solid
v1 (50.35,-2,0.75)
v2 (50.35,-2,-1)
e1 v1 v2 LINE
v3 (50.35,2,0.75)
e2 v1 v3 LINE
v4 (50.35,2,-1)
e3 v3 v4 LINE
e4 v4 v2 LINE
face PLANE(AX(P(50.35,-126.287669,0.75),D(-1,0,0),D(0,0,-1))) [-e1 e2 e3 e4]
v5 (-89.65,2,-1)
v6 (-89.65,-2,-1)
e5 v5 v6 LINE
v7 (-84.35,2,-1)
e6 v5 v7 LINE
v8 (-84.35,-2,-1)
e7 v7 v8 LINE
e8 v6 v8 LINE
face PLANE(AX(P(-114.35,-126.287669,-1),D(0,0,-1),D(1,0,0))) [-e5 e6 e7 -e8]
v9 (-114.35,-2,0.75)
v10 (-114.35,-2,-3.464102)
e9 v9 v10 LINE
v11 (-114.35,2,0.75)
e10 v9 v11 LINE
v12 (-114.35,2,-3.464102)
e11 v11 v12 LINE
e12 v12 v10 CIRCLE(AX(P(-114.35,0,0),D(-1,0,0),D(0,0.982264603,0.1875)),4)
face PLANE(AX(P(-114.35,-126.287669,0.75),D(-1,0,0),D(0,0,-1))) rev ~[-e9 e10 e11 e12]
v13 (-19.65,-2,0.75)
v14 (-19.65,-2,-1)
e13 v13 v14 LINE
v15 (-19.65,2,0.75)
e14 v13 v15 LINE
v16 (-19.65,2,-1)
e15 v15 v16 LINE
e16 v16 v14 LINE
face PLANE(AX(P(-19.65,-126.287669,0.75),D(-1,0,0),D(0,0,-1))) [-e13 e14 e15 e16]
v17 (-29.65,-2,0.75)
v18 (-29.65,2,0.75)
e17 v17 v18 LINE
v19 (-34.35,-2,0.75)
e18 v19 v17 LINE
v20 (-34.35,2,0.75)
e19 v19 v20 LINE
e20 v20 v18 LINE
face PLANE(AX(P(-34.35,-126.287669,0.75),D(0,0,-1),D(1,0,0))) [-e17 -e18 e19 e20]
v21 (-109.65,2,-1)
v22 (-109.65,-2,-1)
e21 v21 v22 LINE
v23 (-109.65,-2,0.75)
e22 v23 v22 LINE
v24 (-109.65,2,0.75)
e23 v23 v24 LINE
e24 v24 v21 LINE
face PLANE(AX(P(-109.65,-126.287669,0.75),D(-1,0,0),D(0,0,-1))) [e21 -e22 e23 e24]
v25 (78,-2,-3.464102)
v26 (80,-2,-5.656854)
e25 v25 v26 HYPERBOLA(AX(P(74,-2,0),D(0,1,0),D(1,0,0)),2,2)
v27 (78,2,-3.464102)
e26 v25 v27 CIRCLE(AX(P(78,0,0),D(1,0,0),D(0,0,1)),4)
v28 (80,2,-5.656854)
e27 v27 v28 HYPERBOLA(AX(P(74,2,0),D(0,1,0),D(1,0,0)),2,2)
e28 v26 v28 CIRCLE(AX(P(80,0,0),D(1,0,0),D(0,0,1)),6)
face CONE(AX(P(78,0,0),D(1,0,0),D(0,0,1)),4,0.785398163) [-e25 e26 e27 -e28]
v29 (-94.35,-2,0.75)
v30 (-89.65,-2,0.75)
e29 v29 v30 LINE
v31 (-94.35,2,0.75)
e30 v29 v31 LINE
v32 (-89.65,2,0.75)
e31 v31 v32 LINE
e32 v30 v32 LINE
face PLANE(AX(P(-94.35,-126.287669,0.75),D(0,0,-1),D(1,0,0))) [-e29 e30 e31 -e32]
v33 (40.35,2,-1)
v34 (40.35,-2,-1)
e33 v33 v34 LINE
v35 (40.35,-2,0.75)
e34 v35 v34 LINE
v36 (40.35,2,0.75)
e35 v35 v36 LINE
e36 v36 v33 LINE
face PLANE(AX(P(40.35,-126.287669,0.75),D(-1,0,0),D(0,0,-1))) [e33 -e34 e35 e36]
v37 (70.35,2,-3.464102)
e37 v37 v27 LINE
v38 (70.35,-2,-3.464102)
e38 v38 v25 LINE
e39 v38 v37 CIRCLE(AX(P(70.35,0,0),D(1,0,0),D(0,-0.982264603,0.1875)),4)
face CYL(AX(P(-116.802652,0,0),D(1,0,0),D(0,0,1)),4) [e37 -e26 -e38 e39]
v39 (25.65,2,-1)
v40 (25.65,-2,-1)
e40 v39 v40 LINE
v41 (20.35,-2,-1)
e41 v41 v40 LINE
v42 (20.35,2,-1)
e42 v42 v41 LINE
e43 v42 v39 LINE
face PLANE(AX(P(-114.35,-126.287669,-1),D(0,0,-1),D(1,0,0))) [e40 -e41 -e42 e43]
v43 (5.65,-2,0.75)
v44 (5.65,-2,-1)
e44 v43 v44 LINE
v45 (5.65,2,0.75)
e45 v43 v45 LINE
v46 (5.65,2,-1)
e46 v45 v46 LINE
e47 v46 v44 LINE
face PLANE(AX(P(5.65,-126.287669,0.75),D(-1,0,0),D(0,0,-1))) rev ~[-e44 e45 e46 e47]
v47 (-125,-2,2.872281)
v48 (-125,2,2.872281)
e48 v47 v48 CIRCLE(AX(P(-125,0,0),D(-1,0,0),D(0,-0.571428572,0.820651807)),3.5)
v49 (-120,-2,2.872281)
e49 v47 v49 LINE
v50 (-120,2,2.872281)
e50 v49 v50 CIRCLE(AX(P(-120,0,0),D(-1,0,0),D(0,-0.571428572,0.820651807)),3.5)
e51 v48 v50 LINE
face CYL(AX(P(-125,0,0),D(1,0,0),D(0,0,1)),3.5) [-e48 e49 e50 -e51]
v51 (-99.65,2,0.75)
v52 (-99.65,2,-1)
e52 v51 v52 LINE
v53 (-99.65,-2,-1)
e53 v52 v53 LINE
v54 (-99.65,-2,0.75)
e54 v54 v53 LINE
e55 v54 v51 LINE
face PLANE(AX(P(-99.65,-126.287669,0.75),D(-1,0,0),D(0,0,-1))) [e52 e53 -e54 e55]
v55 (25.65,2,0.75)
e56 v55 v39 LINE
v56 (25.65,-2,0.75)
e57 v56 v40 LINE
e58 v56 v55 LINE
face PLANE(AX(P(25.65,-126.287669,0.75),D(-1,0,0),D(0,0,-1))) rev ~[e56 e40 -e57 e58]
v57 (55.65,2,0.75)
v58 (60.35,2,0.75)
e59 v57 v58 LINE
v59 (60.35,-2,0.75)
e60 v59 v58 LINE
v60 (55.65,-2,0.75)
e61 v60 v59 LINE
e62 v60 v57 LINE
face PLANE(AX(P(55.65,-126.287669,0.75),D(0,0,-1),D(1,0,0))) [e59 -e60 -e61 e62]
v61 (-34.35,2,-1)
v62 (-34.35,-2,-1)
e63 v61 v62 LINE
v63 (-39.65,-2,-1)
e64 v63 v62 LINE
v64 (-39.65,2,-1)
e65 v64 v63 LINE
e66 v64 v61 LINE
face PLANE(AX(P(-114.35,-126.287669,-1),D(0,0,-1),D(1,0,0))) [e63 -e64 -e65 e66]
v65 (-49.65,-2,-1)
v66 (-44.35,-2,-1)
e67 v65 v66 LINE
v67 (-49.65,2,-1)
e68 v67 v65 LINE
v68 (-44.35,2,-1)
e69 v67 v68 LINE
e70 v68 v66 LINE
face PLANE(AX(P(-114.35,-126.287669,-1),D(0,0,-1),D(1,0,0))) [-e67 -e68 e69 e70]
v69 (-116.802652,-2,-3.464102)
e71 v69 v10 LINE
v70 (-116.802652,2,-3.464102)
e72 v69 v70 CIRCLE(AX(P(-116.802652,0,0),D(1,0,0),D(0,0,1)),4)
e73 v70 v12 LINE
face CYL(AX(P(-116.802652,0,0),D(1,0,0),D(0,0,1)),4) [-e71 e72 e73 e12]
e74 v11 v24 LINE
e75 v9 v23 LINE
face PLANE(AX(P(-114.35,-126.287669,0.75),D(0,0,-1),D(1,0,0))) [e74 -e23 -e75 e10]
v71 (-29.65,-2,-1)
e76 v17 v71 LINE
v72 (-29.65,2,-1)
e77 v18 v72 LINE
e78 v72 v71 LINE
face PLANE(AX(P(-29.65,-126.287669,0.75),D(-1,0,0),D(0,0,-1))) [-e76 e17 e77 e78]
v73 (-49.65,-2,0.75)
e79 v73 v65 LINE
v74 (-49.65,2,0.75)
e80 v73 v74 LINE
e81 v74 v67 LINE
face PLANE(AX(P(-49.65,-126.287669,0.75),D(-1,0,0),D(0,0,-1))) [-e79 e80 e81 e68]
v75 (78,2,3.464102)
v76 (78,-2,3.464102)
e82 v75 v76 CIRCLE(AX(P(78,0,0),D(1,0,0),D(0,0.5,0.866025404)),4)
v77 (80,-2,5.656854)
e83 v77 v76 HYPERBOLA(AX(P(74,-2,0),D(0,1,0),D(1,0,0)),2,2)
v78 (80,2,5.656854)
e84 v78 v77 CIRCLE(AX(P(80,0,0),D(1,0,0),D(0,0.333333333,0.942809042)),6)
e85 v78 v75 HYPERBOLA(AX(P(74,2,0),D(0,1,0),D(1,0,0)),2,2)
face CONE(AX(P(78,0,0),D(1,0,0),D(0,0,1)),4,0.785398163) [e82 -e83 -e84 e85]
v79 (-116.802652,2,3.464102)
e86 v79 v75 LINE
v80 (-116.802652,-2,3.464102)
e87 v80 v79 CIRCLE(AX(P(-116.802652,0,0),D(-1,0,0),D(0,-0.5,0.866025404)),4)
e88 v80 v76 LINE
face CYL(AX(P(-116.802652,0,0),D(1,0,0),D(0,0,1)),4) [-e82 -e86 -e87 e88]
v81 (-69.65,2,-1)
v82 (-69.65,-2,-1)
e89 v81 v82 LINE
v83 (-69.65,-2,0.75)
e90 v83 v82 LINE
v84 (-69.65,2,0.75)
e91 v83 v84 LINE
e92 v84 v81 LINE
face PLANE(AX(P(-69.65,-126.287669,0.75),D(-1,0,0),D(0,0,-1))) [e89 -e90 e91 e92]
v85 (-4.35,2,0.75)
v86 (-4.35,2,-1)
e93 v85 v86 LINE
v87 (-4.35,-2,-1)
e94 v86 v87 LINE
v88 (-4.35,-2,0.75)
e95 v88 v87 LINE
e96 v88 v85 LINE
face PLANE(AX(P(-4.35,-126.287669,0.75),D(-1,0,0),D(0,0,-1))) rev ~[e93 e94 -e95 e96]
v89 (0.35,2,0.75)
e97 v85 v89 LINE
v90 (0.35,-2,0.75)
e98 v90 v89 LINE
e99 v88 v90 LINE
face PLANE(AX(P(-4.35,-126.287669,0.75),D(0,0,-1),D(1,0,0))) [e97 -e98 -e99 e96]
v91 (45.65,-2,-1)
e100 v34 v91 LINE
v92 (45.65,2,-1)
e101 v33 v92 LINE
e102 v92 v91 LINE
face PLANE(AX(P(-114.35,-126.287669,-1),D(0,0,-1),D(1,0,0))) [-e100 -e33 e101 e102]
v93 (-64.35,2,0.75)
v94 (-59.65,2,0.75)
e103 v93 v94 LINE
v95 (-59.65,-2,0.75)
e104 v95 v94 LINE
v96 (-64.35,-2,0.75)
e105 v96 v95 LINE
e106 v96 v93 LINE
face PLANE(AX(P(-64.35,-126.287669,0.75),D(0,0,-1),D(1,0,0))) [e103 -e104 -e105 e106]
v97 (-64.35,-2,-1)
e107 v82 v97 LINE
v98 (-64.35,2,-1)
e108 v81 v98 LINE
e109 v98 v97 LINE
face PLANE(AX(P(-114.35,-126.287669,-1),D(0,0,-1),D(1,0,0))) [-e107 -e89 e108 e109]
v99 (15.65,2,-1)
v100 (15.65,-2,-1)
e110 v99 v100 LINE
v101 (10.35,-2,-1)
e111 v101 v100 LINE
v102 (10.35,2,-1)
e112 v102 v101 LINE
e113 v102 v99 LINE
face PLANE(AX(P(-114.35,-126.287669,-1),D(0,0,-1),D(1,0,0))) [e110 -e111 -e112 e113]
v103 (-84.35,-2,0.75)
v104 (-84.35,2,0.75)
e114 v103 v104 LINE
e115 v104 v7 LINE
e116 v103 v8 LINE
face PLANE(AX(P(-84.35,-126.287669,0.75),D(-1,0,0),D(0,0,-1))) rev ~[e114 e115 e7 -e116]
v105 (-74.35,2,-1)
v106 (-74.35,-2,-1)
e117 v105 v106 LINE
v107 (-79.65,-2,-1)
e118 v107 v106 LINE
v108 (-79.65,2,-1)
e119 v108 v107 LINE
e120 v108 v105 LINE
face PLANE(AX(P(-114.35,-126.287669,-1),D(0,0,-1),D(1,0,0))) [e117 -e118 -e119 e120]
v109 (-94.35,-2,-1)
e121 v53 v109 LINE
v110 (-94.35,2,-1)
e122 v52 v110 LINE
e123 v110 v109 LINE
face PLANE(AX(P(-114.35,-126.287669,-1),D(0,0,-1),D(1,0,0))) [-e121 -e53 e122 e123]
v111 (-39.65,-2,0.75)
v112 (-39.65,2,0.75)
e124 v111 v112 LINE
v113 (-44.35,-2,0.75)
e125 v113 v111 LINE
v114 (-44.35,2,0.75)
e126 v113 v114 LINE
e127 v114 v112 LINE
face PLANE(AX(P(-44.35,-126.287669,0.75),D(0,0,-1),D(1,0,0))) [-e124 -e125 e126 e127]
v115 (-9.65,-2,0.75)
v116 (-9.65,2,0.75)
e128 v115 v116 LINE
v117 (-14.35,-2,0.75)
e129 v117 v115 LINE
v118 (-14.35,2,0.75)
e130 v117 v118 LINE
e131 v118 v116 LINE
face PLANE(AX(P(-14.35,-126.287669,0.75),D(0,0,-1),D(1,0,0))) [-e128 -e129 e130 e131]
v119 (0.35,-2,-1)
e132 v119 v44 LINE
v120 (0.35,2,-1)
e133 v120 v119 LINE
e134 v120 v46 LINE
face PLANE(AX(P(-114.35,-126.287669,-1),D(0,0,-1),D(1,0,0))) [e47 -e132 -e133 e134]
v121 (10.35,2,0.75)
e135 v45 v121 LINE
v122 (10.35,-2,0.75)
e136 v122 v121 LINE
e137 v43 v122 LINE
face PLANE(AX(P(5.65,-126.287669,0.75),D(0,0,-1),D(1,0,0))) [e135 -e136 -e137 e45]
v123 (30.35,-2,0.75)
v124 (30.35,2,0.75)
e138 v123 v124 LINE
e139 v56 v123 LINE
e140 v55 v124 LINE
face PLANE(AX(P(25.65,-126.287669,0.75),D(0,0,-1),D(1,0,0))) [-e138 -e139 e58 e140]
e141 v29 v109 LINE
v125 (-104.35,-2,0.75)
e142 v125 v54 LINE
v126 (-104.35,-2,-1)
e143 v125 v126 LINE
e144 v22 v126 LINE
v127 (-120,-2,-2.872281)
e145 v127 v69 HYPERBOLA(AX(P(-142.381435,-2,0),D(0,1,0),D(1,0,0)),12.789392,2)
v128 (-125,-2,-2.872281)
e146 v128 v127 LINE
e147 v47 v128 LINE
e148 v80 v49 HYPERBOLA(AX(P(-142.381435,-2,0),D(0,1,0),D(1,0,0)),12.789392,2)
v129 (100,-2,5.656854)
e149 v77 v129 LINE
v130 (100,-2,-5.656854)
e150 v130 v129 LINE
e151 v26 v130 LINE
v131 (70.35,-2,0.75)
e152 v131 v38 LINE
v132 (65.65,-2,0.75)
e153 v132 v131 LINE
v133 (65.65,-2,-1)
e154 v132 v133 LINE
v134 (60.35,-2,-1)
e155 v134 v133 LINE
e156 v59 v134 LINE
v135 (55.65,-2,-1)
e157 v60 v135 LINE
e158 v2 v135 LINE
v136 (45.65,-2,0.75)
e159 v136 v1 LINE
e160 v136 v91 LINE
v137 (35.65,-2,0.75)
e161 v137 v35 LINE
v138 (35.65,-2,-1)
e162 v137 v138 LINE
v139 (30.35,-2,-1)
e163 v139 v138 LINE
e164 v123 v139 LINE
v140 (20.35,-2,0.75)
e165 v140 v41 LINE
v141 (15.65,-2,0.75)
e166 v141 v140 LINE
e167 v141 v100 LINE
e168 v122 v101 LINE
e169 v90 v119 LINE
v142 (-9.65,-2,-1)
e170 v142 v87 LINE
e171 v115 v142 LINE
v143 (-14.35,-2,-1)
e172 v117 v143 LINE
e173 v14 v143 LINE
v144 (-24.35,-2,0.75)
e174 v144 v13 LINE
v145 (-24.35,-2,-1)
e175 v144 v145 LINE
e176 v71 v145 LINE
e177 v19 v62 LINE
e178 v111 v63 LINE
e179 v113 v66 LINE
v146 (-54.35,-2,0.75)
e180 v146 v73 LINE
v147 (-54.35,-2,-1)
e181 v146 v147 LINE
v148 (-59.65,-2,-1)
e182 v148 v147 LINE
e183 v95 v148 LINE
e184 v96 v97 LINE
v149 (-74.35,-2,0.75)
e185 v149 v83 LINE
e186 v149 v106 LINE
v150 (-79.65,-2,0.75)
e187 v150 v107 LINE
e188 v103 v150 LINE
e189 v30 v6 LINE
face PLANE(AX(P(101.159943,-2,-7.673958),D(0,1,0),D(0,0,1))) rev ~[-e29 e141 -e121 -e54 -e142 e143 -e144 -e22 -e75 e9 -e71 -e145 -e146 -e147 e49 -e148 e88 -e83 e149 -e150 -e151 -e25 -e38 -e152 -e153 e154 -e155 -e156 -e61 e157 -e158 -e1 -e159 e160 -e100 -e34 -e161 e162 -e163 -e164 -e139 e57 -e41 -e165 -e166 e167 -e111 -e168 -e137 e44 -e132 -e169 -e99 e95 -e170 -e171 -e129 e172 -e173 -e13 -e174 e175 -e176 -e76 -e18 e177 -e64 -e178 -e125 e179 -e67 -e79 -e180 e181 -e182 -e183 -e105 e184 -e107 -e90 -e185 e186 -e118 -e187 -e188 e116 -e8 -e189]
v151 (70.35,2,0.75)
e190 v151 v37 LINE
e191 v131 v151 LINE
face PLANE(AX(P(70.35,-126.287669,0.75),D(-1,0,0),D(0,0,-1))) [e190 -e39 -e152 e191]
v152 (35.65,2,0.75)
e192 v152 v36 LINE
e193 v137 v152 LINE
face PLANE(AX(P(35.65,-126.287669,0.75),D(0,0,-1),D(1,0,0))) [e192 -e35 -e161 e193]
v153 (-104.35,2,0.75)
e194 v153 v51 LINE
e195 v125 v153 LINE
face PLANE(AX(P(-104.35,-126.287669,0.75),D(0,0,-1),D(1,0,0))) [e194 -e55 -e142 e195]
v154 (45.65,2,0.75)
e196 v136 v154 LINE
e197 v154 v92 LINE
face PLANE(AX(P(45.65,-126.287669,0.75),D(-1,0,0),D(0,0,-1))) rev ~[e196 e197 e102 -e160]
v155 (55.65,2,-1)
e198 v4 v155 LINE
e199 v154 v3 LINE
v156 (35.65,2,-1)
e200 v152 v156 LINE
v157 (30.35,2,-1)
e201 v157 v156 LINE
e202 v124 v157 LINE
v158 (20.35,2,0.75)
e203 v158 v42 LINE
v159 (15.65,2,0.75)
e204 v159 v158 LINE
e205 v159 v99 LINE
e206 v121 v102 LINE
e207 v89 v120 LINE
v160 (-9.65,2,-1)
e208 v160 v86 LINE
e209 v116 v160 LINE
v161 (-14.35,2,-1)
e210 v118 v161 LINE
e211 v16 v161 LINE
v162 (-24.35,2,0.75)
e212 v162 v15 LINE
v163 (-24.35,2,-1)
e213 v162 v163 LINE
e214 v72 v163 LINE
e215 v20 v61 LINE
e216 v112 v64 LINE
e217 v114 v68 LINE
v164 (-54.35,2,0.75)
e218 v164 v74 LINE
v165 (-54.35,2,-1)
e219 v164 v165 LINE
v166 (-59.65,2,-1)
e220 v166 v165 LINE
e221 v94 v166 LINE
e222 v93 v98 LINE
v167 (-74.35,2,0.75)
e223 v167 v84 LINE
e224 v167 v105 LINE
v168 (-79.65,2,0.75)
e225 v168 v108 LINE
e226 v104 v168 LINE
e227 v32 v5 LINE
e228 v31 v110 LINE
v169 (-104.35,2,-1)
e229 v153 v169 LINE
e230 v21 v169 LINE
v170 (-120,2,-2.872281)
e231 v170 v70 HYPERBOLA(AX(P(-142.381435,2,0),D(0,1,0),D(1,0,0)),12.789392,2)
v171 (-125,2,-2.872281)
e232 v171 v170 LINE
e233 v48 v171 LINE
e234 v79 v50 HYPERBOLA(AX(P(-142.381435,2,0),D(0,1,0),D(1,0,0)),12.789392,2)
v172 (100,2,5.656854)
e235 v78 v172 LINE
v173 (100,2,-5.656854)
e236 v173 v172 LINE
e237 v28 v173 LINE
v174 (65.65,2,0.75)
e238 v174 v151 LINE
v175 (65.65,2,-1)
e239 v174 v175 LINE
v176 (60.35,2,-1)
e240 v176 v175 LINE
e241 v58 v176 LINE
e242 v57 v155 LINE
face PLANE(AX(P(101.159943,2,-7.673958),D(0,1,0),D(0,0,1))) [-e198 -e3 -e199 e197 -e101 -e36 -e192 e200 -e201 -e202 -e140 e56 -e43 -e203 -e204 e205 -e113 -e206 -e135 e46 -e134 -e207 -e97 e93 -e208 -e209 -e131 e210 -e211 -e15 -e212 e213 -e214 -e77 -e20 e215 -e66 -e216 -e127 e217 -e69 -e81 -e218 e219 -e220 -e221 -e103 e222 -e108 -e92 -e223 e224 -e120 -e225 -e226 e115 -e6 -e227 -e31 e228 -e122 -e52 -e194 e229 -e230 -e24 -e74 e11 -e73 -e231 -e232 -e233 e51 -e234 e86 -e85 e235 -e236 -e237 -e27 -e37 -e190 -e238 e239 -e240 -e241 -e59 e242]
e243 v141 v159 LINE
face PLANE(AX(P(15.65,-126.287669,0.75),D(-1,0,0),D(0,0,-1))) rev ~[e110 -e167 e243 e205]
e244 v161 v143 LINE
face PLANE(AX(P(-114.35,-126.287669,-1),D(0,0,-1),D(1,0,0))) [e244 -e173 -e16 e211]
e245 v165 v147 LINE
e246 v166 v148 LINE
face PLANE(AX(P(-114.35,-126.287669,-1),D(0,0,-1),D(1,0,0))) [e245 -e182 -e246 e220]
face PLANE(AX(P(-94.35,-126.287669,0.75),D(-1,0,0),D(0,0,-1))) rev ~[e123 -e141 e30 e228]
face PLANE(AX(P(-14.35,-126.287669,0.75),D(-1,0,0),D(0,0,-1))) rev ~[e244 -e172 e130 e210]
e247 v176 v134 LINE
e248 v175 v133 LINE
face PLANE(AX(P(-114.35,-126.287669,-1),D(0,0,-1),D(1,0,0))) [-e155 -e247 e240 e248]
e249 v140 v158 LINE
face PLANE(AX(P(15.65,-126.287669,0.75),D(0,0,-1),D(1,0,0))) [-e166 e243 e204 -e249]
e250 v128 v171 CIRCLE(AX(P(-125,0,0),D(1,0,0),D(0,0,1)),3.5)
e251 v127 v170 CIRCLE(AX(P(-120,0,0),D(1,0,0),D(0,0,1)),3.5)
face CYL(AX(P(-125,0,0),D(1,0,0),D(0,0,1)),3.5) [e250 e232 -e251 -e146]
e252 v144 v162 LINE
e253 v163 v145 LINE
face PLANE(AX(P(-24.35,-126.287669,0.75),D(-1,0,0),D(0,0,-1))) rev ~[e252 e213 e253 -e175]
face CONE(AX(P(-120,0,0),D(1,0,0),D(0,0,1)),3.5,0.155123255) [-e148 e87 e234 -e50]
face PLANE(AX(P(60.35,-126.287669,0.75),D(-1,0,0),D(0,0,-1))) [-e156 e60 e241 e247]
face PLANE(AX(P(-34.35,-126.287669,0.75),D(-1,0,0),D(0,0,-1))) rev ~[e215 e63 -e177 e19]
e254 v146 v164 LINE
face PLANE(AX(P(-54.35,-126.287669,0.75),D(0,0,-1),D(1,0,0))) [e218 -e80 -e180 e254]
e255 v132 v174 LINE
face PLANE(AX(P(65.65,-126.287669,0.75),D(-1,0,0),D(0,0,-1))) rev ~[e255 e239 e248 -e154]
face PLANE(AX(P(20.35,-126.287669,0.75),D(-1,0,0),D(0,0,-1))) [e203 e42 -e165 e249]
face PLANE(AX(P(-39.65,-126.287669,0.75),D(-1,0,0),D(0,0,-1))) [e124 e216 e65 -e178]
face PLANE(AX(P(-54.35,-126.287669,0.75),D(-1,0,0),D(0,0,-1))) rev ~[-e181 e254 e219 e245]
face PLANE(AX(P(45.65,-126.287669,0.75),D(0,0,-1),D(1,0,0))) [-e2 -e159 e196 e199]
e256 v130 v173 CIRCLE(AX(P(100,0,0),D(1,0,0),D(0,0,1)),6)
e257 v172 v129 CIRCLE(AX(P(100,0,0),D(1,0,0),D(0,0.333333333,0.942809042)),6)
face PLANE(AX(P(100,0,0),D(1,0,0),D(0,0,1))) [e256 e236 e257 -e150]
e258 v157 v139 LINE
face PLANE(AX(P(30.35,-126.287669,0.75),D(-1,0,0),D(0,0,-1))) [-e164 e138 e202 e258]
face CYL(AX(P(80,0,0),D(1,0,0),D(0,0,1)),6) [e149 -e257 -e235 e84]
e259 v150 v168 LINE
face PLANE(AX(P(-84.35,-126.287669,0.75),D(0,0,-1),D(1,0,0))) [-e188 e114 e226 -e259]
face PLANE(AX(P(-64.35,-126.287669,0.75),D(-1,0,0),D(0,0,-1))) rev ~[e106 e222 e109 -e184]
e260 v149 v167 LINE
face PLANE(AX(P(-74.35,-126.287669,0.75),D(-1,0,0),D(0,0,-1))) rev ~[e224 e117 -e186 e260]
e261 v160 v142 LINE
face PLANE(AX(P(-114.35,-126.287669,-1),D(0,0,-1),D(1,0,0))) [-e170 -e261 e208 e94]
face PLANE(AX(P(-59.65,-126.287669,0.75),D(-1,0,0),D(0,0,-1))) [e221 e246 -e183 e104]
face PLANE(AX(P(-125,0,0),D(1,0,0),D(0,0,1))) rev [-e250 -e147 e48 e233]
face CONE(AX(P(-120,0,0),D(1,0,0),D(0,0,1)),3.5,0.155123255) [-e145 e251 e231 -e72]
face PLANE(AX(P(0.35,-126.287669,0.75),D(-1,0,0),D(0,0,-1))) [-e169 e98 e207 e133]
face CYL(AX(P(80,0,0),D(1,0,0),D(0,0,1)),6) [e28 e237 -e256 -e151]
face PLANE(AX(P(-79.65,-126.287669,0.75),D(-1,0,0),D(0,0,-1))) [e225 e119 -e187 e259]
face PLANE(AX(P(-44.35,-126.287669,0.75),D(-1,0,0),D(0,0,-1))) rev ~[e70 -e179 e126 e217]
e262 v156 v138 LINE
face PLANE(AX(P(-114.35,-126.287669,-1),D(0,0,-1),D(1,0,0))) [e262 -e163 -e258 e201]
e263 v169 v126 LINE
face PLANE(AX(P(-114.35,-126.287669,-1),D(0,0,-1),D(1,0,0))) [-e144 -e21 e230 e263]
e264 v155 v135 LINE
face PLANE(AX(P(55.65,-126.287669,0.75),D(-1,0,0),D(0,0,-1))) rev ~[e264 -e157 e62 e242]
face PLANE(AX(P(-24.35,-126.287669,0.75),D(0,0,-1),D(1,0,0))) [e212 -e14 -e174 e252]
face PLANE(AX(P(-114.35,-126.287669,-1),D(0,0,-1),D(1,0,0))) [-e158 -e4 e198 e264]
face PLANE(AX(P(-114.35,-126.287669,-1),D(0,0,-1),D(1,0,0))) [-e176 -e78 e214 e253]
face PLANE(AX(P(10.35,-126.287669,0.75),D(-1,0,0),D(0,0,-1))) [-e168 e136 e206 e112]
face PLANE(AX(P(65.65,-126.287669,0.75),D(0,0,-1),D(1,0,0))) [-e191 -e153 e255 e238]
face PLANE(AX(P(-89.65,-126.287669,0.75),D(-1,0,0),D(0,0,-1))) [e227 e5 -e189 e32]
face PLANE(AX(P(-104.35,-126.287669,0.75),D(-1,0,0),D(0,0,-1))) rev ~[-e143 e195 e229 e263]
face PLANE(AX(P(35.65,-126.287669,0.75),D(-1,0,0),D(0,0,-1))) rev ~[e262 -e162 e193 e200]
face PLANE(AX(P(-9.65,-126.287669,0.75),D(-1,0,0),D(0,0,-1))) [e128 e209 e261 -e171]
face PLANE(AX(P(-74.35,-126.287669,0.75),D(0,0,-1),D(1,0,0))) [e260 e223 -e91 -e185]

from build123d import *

# Parameters (mm, degrees)
CUT_EXTRUDE1_DEPTH      = 126.287668986
CUT_EXTRUDE1_DEPTH_BACK = 126.287668986
SKETCH3_W               = 4.7
SKETCH3_H               = 4.75
CUT_EXTRUDE2_DEPTH      = 126.287668986
CUT_EXTRUDE2_DEPTH_BACK = 126.287668986
SKETCH4_W               = 184.7
SKETCH4_H               = 3
CUT_EXTRUDE4_DEPTH      = 226.159943152
CUT_EXTRUDE4_DEPTH_BACK = 226.159943152
SKETCH5_W               = 15.463728056
SKETCH5_H               = 5.091329687
SKETCH5_H_2             = 5.301676888


with BuildPart() as part:
    # Sketch1 → Revolve1 (revolve)
    with BuildSketch(Plane(origin=(0, 0, 0), x_dir=(1, 0, 0), z_dir=(0, 1, 0)), mode=Mode.PRIVATE) as revolve1_sk:
        Polygon((-125, 0), (-125, 3.5), (-120, 3.5), (-116.802652106, 4), (78, 4), (80, 6), (100, 6), (100, 0), align=None)
    revolve(revolve1_sk.sketch.rotate(Axis((-125, 0, 0), (1, 0, 0)), 180), axis=Axis((-125, 0, 0), (1, 0, 0)))

    # Sketch3 → Cut-Extrude1 (cut, two sides: drawn at the far end of the back side and taken through both)
    with BuildSketch(Plane(origin=(0, 0, 0), x_dir=(1, 0, 0), z_dir=(0, 1, 0)).offset(-CUT_EXTRUDE1_DEPTH_BACK)):
        with Locations((-112, 1.625)):
            Rectangle(SKETCH3_W, SKETCH3_H)
        with Locations((-102, 1.625)):
            Rectangle(SKETCH3_W, SKETCH3_H)
        with Locations((-92, 1.625)):
            Rectangle(SKETCH3_W, SKETCH3_H)
        with Locations((-82, 1.625)):
            Rectangle(SKETCH3_W, SKETCH3_H)
        with Locations((-72, 1.625)):
            Rectangle(SKETCH3_W, SKETCH3_H)
        with Locations((-62, 1.625)):
            Rectangle(SKETCH3_W, SKETCH3_H)
        with Locations((-52, 1.625)):
            Rectangle(SKETCH3_W, SKETCH3_H)
        with Locations((-42, 1.625)):
            Rectangle(SKETCH3_W, SKETCH3_H)
        with Locations((-32, 1.625)):
            Rectangle(SKETCH3_W, SKETCH3_H)
        with Locations((-22, 1.625)):
            Rectangle(SKETCH3_W, SKETCH3_H)
        with Locations((-12, 1.625)):
            Rectangle(SKETCH3_W, SKETCH3_H)
        with Locations((-2, 1.625)):
            Rectangle(SKETCH3_W, SKETCH3_H)
        with Locations((8, 1.625)):
            Rectangle(SKETCH3_W, SKETCH3_H)
        with Locations((18, 1.625)):
            Rectangle(SKETCH3_W, SKETCH3_H)
        with Locations((28, 1.625)):
            Rectangle(SKETCH3_W, SKETCH3_H)
        with Locations((38, 1.625)):
            Rectangle(SKETCH3_W, SKETCH3_H)
        with Locations((48, 1.625)):
            Rectangle(SKETCH3_W, SKETCH3_H)
        with Locations((58, 1.625)):
            Rectangle(SKETCH3_W, SKETCH3_H)
        with Locations((68, 1.625)):
            Rectangle(SKETCH3_W, SKETCH3_H)
    extrude(amount=CUT_EXTRUDE1_DEPTH + CUT_EXTRUDE1_DEPTH_BACK, mode=Mode.SUBTRACT)

    # Sketch4 → Cut-Extrude2 (cut, two sides: drawn at the far end of the back side and taken through both)
    with BuildSketch(Plane(origin=(0, 0, 0), x_dir=(1, 0, 0), z_dir=(0, 1, 0)).offset(-CUT_EXTRUDE2_DEPTH_BACK)):
        with Locations((-22, 2.5)):
            Rectangle(SKETCH4_W, SKETCH4_H)
    extrude(amount=CUT_EXTRUDE2_DEPTH + CUT_EXTRUDE2_DEPTH_BACK, mode=Mode.SUBTRACT)

    # Sketch5 → Cut-Extrude4 (cut, two sides: drawn at the far end of the back side and taken through both)
    with BuildSketch(Plane.ZY.offset(125).offset(-CUT_EXTRUDE4_DEPTH_BACK)):
        with Locations((0.057906168, -4.545664844)):
            Rectangle(SKETCH5_W, SKETCH5_H)
        with Locations((0.057906168, 4.650838444)):
            Rectangle(SKETCH5_W, SKETCH5_H_2)
    extrude(amount=CUT_EXTRUDE4_DEPTH + CUT_EXTRUDE4_DEPTH_BACK, mode=Mode.SUBTRACT)


solid = part.part
